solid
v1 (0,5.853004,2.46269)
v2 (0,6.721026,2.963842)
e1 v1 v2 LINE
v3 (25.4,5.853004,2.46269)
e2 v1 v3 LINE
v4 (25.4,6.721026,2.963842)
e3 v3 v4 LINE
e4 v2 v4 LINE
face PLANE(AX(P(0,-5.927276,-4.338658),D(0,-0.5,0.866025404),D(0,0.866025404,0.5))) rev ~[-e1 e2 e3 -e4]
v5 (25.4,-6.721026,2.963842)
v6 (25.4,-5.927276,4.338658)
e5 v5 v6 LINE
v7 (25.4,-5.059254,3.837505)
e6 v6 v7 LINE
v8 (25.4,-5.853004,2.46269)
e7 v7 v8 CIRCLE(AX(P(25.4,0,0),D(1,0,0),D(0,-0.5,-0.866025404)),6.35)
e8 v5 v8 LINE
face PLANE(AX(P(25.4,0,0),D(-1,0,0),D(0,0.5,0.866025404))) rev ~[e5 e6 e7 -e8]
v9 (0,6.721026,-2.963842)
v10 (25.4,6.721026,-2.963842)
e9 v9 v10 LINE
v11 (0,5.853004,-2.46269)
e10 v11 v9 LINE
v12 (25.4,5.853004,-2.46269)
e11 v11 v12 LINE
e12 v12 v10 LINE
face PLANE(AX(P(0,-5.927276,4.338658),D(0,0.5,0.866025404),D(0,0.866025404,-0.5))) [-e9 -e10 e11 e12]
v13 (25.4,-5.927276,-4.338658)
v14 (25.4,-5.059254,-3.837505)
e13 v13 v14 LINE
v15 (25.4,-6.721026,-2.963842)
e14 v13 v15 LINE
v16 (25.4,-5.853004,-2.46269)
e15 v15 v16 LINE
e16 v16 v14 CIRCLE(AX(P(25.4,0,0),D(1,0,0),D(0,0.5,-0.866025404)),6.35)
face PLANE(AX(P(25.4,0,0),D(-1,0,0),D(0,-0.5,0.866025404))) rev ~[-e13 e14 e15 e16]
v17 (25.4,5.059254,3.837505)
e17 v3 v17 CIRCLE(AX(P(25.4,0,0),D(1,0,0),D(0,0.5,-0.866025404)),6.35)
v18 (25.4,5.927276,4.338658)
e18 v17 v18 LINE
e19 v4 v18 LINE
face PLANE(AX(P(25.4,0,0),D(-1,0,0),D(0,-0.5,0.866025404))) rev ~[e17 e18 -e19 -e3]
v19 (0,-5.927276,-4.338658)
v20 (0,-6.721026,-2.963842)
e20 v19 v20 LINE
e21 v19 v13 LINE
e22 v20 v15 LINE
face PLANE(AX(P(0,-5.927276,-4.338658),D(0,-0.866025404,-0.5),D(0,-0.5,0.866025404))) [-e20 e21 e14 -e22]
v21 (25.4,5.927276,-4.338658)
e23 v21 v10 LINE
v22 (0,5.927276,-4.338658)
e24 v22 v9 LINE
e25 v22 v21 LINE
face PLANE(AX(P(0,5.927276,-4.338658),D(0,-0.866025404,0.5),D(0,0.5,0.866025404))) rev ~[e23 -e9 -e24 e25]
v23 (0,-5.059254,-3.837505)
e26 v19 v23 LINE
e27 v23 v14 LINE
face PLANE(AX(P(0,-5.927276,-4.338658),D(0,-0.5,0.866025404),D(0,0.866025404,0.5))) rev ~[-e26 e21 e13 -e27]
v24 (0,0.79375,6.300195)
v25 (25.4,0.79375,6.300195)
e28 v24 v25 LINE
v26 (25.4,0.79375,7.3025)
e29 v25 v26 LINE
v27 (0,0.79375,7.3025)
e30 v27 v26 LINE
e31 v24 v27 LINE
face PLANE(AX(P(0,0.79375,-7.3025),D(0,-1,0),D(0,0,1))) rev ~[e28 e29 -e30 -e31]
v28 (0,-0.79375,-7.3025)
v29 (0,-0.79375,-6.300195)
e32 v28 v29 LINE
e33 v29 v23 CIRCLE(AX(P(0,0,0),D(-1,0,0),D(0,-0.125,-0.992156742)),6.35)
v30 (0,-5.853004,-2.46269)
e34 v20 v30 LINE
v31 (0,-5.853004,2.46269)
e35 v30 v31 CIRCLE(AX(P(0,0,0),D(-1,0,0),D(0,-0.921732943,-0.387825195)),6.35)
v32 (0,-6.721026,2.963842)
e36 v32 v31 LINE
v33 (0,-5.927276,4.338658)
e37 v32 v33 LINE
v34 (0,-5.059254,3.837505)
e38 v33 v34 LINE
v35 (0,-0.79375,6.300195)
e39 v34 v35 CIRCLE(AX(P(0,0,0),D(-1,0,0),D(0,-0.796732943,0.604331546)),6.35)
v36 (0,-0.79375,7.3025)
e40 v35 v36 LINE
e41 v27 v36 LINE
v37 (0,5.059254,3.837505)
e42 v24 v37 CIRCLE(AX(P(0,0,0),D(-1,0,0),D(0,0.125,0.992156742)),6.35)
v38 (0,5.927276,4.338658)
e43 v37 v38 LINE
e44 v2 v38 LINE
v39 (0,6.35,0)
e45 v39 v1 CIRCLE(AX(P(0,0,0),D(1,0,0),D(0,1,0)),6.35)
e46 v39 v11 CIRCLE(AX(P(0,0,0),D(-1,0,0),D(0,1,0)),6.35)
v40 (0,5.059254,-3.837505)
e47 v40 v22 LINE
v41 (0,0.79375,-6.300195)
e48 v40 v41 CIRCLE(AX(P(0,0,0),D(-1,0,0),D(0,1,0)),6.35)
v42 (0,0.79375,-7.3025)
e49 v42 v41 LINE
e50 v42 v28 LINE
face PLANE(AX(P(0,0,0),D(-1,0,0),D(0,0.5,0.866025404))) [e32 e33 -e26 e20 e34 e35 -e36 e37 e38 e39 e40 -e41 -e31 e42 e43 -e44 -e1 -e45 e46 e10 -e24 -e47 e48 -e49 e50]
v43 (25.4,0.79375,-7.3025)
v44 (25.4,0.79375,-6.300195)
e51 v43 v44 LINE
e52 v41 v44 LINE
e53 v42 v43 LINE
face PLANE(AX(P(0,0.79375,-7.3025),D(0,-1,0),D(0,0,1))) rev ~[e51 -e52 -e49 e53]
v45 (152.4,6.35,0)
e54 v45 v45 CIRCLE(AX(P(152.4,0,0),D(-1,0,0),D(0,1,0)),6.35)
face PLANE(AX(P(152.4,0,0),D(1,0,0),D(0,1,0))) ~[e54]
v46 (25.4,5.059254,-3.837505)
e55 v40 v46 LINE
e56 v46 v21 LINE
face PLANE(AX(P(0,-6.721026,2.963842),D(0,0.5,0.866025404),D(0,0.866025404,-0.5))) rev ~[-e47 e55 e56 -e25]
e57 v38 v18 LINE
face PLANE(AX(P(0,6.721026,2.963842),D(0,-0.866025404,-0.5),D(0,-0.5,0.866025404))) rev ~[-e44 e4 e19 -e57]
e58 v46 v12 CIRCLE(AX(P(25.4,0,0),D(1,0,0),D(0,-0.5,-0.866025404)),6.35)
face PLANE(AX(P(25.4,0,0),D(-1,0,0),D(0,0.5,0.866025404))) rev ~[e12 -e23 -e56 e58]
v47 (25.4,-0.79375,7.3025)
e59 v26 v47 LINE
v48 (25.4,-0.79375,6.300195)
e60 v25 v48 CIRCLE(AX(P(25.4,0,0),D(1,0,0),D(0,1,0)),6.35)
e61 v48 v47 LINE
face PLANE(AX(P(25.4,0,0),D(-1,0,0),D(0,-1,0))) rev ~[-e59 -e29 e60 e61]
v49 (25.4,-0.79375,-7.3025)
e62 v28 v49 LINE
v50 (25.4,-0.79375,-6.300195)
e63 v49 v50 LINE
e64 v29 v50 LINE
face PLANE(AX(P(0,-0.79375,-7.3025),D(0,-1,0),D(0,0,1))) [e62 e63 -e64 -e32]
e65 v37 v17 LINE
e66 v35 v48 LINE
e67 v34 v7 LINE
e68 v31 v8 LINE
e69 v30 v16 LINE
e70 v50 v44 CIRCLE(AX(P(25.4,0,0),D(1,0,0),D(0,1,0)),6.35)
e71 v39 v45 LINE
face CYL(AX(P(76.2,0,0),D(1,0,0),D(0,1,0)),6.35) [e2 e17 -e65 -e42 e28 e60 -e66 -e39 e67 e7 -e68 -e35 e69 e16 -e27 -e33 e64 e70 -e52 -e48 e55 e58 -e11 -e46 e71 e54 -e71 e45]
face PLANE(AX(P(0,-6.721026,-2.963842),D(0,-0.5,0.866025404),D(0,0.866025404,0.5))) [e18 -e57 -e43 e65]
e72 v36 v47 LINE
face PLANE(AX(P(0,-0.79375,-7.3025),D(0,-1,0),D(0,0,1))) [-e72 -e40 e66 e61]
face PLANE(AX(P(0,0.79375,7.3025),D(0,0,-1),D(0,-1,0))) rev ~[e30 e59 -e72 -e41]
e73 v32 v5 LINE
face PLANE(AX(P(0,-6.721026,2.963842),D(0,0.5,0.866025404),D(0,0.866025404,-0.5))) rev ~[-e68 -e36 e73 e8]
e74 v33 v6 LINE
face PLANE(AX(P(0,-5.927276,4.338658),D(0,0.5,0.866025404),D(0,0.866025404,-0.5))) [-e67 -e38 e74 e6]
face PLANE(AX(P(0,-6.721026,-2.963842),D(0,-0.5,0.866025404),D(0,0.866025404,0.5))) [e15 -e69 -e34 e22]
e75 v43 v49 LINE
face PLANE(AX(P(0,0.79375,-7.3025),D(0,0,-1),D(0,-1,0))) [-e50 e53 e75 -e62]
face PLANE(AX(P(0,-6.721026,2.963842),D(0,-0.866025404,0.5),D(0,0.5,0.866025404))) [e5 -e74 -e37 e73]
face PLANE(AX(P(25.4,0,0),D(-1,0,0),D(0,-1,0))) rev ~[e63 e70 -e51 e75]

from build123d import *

# Parameters (mm, degrees)
F0_W     = 152.4
F0_H     = 6.35
F2_W     = 1.5875
F2_H     = 14.605
F3_DEPTH = 25.4
F4_COUNT = 6


with BuildPart() as f1:
    # F0 (on Top) → F1 (revolve)
    with BuildSketch(Plane.XY):
        with Locations((76.2, 3.175)):
            Rectangle(F0_W, F0_H)
    revolve(axis=Axis((76.2, 0, 0), (1, 0, 0)))

    # F2 (on face) → F3 (join)
    with BuildSketch(Plane(origin=(0, 0, 0), x_dir=(0, -1, 0), z_dir=(-1, 0, 0))):
        Rectangle(F2_W, F2_H)
    extrude(amount=-F3_DEPTH)

    # F4: F1 ×6 about axis
    f4_axis = Axis((152.4, 0, 0), (-1, 0, 0))


with BuildPart() as f1_1:
    add(f1.part)
    for i in range(1, F4_COUNT):
        add(f1.part.rotate(f4_axis, i * 360 / F4_COUNT))


solid = f1_1.part
